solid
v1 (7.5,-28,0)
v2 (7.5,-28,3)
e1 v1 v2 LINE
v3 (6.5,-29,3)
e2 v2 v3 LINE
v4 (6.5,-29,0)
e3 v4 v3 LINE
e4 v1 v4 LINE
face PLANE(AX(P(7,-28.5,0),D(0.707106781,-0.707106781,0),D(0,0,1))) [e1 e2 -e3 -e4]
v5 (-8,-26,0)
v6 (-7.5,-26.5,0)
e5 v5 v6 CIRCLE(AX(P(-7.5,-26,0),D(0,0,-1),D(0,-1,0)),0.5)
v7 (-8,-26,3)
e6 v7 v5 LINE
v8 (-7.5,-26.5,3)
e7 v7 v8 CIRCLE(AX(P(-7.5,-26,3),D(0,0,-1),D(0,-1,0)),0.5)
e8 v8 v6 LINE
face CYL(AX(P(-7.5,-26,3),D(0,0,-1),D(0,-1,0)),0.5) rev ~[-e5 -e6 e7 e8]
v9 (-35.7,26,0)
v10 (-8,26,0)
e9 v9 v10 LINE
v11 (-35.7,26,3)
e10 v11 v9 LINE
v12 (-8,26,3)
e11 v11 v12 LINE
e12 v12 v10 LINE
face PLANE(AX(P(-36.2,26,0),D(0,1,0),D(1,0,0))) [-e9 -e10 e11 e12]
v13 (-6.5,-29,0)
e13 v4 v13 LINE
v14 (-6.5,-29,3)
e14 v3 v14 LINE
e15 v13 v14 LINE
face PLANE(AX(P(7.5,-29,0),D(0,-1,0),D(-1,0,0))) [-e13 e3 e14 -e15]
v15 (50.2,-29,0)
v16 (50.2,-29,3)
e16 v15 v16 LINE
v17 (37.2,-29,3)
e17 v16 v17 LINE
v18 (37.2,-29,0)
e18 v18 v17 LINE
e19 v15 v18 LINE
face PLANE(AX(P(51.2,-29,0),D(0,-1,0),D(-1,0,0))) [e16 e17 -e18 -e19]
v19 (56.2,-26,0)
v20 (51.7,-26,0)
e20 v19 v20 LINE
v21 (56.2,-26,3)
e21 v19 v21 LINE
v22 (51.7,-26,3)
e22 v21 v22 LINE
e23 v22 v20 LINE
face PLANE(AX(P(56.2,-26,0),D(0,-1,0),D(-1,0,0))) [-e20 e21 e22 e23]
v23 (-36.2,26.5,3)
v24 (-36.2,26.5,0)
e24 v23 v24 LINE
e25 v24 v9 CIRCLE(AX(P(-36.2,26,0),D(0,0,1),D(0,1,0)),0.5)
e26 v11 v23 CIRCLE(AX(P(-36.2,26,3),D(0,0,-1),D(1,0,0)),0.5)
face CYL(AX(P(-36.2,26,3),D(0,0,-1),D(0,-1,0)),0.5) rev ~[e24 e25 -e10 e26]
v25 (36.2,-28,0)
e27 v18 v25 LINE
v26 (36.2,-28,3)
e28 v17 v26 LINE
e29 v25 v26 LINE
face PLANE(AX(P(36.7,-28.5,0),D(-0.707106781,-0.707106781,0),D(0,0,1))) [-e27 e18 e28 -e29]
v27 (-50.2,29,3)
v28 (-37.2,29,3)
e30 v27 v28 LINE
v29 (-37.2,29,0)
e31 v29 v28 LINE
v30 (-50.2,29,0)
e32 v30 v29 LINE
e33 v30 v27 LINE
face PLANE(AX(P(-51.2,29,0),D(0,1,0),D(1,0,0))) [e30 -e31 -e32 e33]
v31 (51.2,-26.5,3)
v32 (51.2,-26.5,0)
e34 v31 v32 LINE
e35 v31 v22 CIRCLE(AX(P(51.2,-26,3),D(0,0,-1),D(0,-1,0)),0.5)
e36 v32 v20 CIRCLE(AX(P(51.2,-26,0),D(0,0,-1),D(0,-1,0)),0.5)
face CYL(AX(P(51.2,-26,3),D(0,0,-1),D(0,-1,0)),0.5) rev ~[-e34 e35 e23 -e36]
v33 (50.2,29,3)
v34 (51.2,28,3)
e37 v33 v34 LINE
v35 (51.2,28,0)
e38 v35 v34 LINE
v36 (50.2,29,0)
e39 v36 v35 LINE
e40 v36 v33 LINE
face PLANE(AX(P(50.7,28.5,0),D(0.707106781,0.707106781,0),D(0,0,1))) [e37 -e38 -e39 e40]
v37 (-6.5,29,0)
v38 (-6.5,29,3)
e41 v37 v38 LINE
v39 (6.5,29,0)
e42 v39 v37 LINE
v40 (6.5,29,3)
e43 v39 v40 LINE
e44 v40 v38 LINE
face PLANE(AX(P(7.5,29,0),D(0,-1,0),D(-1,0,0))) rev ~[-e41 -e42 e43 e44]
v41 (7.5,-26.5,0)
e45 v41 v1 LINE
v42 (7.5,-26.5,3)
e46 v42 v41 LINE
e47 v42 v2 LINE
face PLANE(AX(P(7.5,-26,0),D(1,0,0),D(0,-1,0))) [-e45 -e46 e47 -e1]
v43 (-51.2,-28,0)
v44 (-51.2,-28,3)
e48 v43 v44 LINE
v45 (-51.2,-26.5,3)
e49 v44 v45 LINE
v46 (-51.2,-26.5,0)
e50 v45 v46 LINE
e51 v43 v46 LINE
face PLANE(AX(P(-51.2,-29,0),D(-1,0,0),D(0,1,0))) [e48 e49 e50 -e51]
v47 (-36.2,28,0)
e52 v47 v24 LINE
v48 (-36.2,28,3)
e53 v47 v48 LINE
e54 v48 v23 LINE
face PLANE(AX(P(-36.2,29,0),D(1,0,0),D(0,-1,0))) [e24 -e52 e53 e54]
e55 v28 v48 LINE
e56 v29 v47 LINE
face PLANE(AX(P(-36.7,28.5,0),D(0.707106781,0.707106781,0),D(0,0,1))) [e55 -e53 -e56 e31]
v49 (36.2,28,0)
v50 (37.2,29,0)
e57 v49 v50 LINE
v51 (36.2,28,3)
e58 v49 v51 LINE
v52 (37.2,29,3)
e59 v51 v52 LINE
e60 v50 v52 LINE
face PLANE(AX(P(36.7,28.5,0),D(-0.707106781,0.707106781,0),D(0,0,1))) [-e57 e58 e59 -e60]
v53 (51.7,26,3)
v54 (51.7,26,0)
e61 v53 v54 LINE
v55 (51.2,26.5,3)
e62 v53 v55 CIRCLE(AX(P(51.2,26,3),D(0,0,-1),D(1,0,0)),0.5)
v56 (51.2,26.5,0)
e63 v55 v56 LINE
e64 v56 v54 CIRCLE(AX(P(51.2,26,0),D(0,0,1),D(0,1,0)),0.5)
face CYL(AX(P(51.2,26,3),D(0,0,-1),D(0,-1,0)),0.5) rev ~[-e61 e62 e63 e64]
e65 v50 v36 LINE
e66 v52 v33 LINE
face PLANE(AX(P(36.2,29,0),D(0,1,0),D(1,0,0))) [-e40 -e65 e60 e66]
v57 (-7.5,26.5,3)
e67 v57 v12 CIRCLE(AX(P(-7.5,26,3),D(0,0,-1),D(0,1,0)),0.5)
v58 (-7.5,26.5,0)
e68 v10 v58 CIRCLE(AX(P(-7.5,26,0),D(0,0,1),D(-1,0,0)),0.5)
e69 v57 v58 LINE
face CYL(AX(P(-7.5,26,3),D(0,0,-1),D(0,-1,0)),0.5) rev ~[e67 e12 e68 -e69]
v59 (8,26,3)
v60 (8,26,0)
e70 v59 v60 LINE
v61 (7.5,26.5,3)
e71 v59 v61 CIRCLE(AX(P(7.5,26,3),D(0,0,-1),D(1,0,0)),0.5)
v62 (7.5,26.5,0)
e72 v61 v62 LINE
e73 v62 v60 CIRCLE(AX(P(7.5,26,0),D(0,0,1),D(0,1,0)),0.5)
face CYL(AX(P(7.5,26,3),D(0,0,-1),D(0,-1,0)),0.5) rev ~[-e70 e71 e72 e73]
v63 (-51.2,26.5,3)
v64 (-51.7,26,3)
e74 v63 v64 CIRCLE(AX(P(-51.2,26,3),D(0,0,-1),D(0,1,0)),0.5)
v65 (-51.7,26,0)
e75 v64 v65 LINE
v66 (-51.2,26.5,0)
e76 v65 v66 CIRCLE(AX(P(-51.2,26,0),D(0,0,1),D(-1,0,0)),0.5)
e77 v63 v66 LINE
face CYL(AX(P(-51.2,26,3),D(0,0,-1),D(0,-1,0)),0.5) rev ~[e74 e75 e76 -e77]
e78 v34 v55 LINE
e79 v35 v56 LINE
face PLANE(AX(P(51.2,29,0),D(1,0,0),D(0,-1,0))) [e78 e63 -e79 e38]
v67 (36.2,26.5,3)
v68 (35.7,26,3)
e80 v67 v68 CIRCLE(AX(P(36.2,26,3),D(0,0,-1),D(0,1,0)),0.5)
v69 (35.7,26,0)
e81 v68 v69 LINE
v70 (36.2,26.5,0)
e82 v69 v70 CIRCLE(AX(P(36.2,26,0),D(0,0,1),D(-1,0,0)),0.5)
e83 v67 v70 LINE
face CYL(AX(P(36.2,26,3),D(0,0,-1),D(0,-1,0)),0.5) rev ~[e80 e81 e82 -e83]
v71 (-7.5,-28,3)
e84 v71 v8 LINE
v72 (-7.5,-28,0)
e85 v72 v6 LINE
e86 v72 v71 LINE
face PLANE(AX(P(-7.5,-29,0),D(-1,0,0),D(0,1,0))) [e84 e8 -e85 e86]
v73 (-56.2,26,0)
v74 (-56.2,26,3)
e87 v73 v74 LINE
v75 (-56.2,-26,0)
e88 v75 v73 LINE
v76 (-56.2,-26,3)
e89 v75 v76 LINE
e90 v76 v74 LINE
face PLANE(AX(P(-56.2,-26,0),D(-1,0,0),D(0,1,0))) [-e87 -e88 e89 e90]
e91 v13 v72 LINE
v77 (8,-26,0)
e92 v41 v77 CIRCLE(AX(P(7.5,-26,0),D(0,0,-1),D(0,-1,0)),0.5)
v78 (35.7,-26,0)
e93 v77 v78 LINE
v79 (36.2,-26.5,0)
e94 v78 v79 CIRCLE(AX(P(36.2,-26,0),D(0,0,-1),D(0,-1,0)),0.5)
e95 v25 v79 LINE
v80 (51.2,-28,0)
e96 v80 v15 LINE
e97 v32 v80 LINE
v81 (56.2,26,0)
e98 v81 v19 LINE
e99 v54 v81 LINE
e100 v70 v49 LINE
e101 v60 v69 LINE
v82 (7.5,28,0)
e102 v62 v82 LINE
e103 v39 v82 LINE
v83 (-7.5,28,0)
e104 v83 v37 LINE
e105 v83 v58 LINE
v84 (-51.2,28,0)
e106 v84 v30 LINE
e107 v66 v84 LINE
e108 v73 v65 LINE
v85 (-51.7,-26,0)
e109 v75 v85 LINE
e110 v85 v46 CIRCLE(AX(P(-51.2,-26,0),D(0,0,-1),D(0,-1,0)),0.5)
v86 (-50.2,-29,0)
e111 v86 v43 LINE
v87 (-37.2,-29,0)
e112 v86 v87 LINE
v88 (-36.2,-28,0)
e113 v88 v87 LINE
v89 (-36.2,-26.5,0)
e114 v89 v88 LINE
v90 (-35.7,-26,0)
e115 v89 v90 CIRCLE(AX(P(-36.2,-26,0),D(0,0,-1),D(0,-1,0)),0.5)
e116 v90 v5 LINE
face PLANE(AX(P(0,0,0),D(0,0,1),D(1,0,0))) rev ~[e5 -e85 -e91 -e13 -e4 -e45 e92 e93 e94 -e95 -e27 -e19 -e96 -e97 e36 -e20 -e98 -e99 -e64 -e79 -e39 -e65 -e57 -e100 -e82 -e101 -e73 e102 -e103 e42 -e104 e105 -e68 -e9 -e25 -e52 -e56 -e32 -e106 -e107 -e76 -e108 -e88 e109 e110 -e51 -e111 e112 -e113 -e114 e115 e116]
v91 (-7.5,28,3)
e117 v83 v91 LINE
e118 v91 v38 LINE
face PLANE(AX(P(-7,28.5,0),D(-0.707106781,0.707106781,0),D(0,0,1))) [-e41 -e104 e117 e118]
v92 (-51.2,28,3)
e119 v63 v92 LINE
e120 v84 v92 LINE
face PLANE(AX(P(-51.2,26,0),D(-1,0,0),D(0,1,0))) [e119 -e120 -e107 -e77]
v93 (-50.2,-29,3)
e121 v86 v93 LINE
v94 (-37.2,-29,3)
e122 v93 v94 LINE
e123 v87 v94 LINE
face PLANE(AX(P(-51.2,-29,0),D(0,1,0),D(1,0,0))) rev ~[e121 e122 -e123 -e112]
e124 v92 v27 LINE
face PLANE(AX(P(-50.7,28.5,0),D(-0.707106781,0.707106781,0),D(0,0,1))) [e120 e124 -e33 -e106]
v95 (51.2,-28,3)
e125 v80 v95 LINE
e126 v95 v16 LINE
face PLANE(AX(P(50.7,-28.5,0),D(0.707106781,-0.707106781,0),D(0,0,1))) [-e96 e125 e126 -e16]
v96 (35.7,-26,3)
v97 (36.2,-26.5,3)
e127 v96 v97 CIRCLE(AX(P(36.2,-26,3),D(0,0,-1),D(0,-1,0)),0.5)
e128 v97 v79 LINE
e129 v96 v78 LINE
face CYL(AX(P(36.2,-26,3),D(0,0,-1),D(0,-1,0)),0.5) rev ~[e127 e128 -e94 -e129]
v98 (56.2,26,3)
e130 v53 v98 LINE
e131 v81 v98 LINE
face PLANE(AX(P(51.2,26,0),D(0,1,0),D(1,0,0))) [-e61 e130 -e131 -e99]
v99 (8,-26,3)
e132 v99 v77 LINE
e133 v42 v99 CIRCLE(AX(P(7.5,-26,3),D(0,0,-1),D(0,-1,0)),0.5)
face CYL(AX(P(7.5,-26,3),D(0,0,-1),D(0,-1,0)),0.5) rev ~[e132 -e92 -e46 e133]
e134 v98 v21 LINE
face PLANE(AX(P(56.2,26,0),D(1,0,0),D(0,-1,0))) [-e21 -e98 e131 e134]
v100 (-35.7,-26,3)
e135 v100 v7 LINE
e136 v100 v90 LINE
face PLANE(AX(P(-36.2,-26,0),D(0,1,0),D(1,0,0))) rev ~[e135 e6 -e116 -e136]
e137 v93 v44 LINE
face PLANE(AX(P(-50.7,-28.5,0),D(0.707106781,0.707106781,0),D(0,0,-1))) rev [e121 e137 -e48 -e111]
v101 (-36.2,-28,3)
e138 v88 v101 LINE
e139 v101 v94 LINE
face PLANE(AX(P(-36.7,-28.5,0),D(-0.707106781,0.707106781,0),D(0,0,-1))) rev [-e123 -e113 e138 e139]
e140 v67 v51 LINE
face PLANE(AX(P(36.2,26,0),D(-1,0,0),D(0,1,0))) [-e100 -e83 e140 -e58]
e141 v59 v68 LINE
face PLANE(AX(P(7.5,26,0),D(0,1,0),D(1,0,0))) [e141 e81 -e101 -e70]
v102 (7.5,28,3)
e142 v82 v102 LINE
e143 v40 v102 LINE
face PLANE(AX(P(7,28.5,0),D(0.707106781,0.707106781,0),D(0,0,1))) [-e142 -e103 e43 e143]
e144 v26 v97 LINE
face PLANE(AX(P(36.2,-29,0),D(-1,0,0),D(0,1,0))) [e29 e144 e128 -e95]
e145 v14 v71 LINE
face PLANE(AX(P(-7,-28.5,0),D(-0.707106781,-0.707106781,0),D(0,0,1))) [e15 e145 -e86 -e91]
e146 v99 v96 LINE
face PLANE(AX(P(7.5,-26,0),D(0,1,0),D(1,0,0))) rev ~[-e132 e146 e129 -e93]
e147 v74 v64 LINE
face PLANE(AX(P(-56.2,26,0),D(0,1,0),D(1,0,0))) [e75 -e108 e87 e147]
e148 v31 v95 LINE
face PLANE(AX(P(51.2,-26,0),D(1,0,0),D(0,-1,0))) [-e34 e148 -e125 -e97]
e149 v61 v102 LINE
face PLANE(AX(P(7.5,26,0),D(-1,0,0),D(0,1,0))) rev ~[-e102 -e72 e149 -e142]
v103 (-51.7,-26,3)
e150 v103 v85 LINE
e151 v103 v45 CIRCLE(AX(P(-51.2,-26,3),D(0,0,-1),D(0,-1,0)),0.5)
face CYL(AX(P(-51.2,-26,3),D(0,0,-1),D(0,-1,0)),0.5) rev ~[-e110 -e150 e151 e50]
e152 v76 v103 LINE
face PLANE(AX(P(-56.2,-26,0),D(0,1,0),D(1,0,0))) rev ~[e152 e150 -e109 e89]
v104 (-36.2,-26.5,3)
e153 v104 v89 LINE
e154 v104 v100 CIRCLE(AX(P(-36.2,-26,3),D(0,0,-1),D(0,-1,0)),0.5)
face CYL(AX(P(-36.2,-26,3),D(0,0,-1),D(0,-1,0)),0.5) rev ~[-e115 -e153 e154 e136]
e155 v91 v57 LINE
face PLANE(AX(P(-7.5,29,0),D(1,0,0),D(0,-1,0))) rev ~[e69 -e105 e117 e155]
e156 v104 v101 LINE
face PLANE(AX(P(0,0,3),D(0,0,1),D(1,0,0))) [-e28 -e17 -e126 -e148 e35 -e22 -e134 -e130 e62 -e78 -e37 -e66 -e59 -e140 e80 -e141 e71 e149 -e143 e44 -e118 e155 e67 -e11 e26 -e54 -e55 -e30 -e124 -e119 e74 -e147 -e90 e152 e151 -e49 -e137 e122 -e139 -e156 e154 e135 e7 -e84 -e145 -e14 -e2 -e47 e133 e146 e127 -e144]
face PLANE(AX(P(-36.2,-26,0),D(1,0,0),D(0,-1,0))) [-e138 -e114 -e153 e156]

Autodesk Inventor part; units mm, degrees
ref_plane "Plan YZ" through (0, 0, 0) normal (1, 0, 0) x (0, 1, 0)
ref_plane "Plan XZ" through (0, 0, 0) normal (0, 1, 0) x (-1, 0, 0)
ref_plane "Plan XY" through (0, 0, 0) normal (0, 0, 1) x (1, 0, 0)
sketch "Esquisse7" plane through (0, 0, 0) normal (0, 0, 1) x (1, 0, 0)
  line L0 (-56.2, -26) -> (-56.2, 26)
  line L1 (-56.2, 26) -> (-51.2, 26)
  line L2 (-51.2, 26) -> (-51.2, 29)
  line L3 (-51.2, 29) -> (-36.2, 29)
  line L4 (-36.2, 29) -> (-36.2, 26)
  line L5 (36.2, 26) -> (36.2, 29)
  line L6 (36.2, 29) -> (51.2, 29)
  line L7 (51.2, 29) -> (51.2, 26)
  line L8 (51.2, 26) -> (56.2, 26)
  line L9 (56.2, 26) -> (56.2, -26)
  line L10 (56.2, -26) -> (51.2, -26)
  line L11 (51.2, -26) -> (51.2, -29)
  line L12 (51.2, -29) -> (36.2, -29)
  line L13 (36.2, -29) -> (36.2, -26)
  line L14 (-36.2, -26) -> (-36.2, -29)
  line L15 (-51.2, -29) -> (-51.2, -26)
  line L16 (-56.2, -26) -> (-51.2, -26)
  line L17 (-51.2, -29) -> (-36.2, -29)
  line L18 (0, -40.6) -> (0, 40.6) construction
  line L19 (-78.68, 0) -> (78.68, 0) construction
  line L20 (7.5, 26) -> (7.5, 29)
  line L21 (7.5, 29) -> (-7.5, 29)
  line L22 (-7.5, 29) -> (-7.5, 26)
  line L23 (7.5, -26) -> (7.5, -29)
  line L24 (7.5, -29) -> (-7.5, -29)
  line L25 (-7.5, -29) -> (-7.5, -26)
  line L26 (-36.2, -26) -> (-7.5, -26)
  line L27 (7.5, -26) -> (36.2, -26)
  line L28 (-36.2, 26) -> (-7.5, 26)
  line L29 (7.5, 26) -> (36.2, 26)
  point P0 (0, 0)
  dimension "d33" = 52
  dimension "d34" = 5
  dimension "d35" = 3
  dimension "d36" = 15
  dimension "d51" = 112.4
extrude "Extrusion2" add sketch "Esquisse7" along normal blind 3
chamfer "Chanfrein4" distance 1 angle 45 12 edges at (-51.2, 29, 1.5) (-7.5, 29, 1.5) (36.2, 29, 1.5) (-36.2, 29, 1.5) (7.5, 29, 1.5) (51.2, 29, 1.5) (-36.2, -29, 1.5) (-51.2, -29, 1.5) (-7.5, -29, 1.5) (7.5, -29, 1.5) (36.2, -29, 1.5) (51.2, -29, 1.5)
sketch "Esquisse9" plane through (0, 0, 3) normal (0, 0, 1) x (1, 0, 0)
  line L0 (-56.2, 26) -> (-51.2, 26) construction
  line L1 (-51.2, 26) -> (-51.2, 28) construction
  line L2 (-36.2, 28) -> (-36.2, 26) construction
  line L3 (-36.2, 26) -> (-7.5, 26) construction
  line L4 (-7.5, 26) -> (-7.5, 28) construction
  line L5 (7.5, 28) -> (7.5, 26) construction
  line L6 (7.5, 26) -> (36.2, 26) construction
  line L7 (36.2, 26) -> (36.2, 28) construction
  line L8 (51.2, 28) -> (51.2, 26) construction
  line L9 (51.2, 26) -> (56.2, 26) construction
  line L10 (7.5, -26) -> (7.5, -28) construction
  line L11 (36.2, -26) -> (7.5, -26) construction
  line L12 (36.2, -28) -> (36.2, -26) construction
  line L13 (51.2, -26) -> (51.2, -28) construction
  line L14 (56.2, -26) -> (51.2, -26) construction
  line L15 (-7.5, -26) -> (-36.2, -26) construction
  line L16 (-7.5, -28) -> (-7.5, -26) construction
  line L17 (-36.2, -26) -> (-36.2, -28) construction
  line L18 (-51.2, -28) -> (-51.2, -26) construction
  line L19 (-51.2, -26) -> (-56.2, -26) construction
  point P0 (0, 0)
hole "Perçage3" at (-51.2, 26, 3) at (-36.2, 26, 3) at (-7.5, 26, 3) at (36.2, 26, 3) at (51.2, 26, 3) at (7.5, 26, 3) at (36.2, -26, 3) at (51.2, -26, 3) at (7.5, -26, 3) at (-7.5, -26, 3) at (-36.2, -26, 3) at (-51.2, -26, 3) direction (0, 0, -1) diameter 1 end through all
properties part number "P1704_104" material "Plastique PMMA"
